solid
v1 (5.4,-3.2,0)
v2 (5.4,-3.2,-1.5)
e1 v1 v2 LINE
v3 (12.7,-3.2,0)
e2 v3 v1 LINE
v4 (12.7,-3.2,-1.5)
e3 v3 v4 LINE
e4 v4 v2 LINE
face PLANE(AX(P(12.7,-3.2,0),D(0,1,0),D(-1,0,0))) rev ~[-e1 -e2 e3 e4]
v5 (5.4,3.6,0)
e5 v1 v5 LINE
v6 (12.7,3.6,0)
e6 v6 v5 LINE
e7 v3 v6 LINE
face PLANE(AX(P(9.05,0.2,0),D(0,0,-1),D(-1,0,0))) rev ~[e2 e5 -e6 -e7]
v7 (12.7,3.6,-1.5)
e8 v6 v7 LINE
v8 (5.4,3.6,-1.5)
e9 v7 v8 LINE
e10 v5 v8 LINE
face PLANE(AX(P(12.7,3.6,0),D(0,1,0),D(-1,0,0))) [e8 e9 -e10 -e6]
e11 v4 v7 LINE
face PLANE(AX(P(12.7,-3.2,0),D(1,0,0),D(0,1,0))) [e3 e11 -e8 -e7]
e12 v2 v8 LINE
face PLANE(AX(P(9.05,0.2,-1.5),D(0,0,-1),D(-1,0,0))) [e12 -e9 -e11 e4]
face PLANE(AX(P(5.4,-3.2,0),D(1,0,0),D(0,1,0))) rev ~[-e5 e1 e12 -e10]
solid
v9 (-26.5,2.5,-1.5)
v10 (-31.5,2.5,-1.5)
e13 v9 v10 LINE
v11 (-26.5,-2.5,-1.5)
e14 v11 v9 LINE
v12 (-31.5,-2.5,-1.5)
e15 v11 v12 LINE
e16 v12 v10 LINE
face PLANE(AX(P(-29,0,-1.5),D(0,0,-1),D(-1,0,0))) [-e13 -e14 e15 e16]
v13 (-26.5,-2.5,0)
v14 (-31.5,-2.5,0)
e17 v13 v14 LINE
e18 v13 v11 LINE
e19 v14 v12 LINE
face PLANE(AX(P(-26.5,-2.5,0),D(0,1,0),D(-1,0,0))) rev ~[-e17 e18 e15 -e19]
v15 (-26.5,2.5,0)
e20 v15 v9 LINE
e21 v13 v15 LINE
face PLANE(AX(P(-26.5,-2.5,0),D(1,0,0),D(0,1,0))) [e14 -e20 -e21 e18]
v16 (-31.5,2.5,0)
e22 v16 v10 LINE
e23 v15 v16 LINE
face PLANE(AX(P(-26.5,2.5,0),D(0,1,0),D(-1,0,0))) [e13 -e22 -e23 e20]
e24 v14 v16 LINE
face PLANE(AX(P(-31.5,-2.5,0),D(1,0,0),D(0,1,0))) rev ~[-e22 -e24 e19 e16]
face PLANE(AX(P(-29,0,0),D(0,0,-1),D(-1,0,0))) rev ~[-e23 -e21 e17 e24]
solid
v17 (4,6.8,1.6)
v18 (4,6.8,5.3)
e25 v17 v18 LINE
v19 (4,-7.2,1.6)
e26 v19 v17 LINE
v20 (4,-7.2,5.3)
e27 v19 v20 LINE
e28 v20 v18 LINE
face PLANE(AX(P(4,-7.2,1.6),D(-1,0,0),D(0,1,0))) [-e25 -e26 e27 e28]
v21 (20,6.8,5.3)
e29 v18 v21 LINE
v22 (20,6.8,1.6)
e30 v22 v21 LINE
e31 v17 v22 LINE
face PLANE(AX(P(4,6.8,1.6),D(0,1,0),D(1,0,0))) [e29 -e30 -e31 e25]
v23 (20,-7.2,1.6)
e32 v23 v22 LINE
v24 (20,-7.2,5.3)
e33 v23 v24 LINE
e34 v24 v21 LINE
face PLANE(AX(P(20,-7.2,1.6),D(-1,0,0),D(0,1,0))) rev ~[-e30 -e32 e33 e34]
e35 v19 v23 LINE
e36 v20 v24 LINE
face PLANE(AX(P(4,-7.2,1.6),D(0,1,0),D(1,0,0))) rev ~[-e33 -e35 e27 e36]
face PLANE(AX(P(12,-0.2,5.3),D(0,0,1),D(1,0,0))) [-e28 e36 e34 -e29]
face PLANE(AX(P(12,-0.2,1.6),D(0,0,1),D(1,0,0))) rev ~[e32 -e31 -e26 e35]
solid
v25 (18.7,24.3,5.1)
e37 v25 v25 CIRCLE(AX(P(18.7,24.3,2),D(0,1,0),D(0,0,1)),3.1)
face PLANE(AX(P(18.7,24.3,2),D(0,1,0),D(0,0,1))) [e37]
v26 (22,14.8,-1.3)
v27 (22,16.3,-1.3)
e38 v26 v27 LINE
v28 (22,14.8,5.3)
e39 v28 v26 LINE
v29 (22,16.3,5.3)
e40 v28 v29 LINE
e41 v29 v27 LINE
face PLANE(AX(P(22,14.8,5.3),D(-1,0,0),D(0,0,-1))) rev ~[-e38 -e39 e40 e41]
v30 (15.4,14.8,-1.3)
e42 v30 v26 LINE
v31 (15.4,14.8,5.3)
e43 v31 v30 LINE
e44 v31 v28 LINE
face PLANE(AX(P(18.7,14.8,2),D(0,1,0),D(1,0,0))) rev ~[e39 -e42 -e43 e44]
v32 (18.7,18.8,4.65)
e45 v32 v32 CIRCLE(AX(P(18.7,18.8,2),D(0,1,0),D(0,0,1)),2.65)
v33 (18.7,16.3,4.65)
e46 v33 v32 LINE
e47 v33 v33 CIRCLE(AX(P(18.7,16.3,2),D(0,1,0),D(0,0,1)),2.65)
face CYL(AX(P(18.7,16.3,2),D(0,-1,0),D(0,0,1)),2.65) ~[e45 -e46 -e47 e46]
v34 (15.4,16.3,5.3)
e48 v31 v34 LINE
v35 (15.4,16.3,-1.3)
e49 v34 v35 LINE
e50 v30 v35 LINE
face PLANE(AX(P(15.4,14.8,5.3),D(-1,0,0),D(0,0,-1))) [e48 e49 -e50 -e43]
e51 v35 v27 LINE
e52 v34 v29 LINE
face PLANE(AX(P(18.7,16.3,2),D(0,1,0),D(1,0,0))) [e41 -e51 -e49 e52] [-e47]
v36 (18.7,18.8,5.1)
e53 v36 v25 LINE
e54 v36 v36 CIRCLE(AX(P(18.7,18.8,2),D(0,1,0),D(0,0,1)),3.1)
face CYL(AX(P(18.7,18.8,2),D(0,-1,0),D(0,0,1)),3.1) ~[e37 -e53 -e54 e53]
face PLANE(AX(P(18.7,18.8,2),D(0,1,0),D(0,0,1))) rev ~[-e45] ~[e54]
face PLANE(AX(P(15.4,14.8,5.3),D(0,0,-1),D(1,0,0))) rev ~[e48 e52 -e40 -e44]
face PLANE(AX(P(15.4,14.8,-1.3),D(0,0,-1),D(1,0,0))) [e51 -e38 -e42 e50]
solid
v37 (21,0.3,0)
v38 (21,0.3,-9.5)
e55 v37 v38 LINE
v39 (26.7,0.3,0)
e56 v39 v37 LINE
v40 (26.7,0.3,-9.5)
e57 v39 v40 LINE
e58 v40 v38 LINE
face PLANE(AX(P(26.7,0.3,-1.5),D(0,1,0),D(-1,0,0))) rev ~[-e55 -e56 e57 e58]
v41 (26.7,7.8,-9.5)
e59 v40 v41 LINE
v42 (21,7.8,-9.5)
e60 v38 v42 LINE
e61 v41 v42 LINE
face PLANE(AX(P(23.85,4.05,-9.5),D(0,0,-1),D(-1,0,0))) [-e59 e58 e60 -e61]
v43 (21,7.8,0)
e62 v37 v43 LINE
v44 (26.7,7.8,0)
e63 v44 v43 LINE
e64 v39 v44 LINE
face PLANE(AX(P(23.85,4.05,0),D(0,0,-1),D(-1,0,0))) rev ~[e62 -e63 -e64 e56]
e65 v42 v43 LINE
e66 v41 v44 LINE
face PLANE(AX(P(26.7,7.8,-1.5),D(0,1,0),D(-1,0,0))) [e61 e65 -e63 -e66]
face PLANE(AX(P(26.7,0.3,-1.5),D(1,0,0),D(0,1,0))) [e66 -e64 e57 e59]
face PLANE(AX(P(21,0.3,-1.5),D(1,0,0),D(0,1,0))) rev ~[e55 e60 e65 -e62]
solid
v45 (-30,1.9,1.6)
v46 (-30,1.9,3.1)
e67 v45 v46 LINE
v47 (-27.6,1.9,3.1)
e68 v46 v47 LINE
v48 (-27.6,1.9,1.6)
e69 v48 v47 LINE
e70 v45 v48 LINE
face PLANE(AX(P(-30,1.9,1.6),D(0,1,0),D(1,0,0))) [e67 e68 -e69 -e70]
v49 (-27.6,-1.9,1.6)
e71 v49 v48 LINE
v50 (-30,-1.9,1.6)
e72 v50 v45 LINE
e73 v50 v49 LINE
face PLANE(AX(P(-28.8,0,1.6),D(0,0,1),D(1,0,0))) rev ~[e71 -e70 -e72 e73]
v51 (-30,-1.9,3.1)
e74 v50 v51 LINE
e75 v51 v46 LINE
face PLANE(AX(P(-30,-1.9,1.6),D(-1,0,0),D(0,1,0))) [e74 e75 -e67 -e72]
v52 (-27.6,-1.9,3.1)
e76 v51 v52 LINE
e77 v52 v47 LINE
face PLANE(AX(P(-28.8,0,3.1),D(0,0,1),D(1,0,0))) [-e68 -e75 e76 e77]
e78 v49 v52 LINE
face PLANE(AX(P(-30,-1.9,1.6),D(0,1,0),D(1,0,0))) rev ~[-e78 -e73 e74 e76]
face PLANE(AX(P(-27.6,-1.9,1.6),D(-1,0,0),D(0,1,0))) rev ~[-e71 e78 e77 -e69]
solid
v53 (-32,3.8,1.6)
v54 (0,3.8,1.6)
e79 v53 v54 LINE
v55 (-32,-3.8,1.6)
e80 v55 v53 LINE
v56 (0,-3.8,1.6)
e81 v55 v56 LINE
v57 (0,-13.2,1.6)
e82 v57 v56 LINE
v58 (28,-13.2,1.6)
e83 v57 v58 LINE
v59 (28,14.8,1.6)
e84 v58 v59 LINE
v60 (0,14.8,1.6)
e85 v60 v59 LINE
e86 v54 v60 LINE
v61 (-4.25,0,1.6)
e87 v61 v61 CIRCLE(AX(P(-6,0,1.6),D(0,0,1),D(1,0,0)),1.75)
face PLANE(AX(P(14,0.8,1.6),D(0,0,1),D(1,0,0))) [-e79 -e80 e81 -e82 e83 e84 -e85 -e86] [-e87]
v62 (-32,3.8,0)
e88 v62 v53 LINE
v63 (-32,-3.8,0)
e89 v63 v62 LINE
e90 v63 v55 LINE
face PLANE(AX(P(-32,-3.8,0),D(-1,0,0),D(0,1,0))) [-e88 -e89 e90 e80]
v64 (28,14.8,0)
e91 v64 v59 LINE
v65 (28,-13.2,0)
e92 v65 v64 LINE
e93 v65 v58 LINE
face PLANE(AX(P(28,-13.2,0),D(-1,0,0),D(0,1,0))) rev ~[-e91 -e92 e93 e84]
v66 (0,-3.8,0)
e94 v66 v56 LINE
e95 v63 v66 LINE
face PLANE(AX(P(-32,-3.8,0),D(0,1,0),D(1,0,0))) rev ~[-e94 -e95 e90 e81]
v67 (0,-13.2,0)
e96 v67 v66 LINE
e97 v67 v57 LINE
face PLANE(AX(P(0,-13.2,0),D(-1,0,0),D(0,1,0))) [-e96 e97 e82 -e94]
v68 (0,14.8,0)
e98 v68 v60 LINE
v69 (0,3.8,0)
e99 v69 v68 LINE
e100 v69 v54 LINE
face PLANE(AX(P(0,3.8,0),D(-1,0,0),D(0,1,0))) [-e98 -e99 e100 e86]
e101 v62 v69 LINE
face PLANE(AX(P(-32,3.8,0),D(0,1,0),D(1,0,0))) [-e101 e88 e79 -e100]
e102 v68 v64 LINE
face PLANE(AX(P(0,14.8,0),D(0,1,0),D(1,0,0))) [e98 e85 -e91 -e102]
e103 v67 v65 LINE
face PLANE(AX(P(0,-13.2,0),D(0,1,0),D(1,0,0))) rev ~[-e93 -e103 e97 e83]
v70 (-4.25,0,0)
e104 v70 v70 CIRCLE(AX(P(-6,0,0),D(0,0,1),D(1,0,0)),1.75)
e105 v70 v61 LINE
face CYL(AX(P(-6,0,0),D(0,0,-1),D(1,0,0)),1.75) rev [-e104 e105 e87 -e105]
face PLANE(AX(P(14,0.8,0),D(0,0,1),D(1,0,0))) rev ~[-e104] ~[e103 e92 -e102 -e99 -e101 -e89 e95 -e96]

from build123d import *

# Parameters (mm, degrees)
SKETCH1_W             = 28
SKETCH1_H             = 28
SKETCH1_W_2           = 32
SKETCH1_H_2           = 7.6
SKETCH1_R             = 1.75
BOSS_EXTRUDE1_DEPTH   = 1.6
SKETCH2_W             = 6.6
SKETCH2_H             = 6.6
BOSS_EXTRUDE2_DEPTH   = 1.5
SKETCH3_R             = 2.65
BOSS_EXTRUDE3_DEPTH   = 2.5
SKETCH4_R             = 3.1
BOSS_EXTRUDE4_DEPTH   = 5.5
SKETCH5_W             = 16
SKETCH5_H             = 14
BOSS_EXTRUDE5_DEPTH   = 3.7
SKETCH6_W             = 2.4
SKETCH6_H             = 3.8
BOSS_EXTRUDE6_DEPTH   = 1.5
SKETCH7_W             = 5.7
SKETCH7_H             = 7.5
BOSS_EXTRUDE7_DEPTH   = 1.5
SKETCH7_W_2           = 7.3
SKETCH7_H_2           = 6.8
BOSS_EXTRUDE7_2_DEPTH = 1.5
SKETCH7_W_3           = 5
SKETCH7_H_3           = 5
BOSS_EXTRUDE7_3_DEPTH = 1.5
MOVE_FACE2_BY         = 8


with BuildPart() as part:
    # Sketch1 → Boss-Extrude1 (new body)
    with BuildSketch(Plane.XY):
        with Locations((14, 0.8)):
            Rectangle(SKETCH1_W, SKETCH1_H)
        with Locations((-16, 0)):
            Rectangle(SKETCH1_W_2, SKETCH1_H_2)
        with Locations((-6, 0)):
            Circle(SKETCH1_R, mode=Mode.SUBTRACT)
    extrude(amount=BOSS_EXTRUDE1_DEPTH)


with BuildPart() as body_2:
    # Sketch2 → Boss-Extrude2 (new body)
    with BuildSketch(Plane(origin=(0, 14.8, 0), x_dir=(1, 0, 0), z_dir=(0, 1, 0))):
        with Locations((18.7, -2)):
            Rectangle(SKETCH2_W, SKETCH2_H)
    extrude(amount=BOSS_EXTRUDE2_DEPTH)

    # Sketch3 → Boss-Extrude3 (add)
    with BuildSketch(Plane(origin=(0, 16.3, 0), x_dir=(1, 0, 0), z_dir=(0, 1, 0))):
        with Locations(Location((18.7, -2, 0), (0, 0, 270))):
            Circle(SKETCH3_R)
    extrude(amount=BOSS_EXTRUDE3_DEPTH)

    # Sketch4 → Boss-Extrude4 (add)
    with BuildSketch(Plane(origin=(0, 18.8, 0), x_dir=(1, 0, 0), z_dir=(0, 1, 0))):
        with Locations(Location((18.7, -2, 0), (0, 0, 270))):
            Circle(SKETCH4_R)
    extrude(amount=BOSS_EXTRUDE4_DEPTH)


with BuildPart() as body_3:
    # Sketch5 → Boss-Extrude5 (new body)
    with BuildSketch(Plane.XY.offset(1.6)):
        with Locations((12, -0.2)):
            Rectangle(SKETCH5_W, SKETCH5_H)
    extrude(amount=BOSS_EXTRUDE5_DEPTH)


with BuildPart() as body_4:
    # Sketch6 → Boss-Extrude6 (new body)
    with BuildSketch(Plane.XY.offset(1.6)):
        with Locations((-28.8, 0)):
            Rectangle(SKETCH6_W, SKETCH6_H)
    extrude(amount=BOSS_EXTRUDE6_DEPTH)


with BuildPart() as body_5:
    # Sketch7 → Boss-Extrude7 (new body)
    with BuildSketch(Plane(origin=(0, 0, 0), x_dir=(-1, 0, 0), z_dir=(0, 0, -1))):
        with Locations((-23.85, 4.05)):
            Rectangle(SKETCH7_W, SKETCH7_H)
    extrude(amount=BOSS_EXTRUDE7_DEPTH)

    # Move Face2: a face moved outward by 8.0
    extrude(body_5.faces().sort_by_distance((23.85, 4.05, -1.5))[0], amount=MOVE_FACE2_BY, dir=(0, 0, -1))


with BuildPart() as body_6:
    # Sketch7 → Boss-Extrude7 2 (new body)
    with BuildSketch(Plane(origin=(0, 0, 0), x_dir=(-1, 0, 0), z_dir=(0, 0, -1))):
        with Locations((-9.05, 0.2)):
            Rectangle(SKETCH7_W_2, SKETCH7_H_2)
    extrude(amount=BOSS_EXTRUDE7_2_DEPTH)


with BuildPart() as body_7:
    # Sketch7 → Boss-Extrude7 3 (new body)
    with BuildSketch(Plane(origin=(0, 0, 0), x_dir=(-1, 0, 0), z_dir=(0, 0, -1))):
        with Locations((29, 0)):
            Rectangle(SKETCH7_W_3, SKETCH7_H_3)
    extrude(amount=BOSS_EXTRUDE7_3_DEPTH)


solid = Compound([part.part, body_2.part, body_3.part, body_4.part, body_5.part, body_6.part, body_7.part])
